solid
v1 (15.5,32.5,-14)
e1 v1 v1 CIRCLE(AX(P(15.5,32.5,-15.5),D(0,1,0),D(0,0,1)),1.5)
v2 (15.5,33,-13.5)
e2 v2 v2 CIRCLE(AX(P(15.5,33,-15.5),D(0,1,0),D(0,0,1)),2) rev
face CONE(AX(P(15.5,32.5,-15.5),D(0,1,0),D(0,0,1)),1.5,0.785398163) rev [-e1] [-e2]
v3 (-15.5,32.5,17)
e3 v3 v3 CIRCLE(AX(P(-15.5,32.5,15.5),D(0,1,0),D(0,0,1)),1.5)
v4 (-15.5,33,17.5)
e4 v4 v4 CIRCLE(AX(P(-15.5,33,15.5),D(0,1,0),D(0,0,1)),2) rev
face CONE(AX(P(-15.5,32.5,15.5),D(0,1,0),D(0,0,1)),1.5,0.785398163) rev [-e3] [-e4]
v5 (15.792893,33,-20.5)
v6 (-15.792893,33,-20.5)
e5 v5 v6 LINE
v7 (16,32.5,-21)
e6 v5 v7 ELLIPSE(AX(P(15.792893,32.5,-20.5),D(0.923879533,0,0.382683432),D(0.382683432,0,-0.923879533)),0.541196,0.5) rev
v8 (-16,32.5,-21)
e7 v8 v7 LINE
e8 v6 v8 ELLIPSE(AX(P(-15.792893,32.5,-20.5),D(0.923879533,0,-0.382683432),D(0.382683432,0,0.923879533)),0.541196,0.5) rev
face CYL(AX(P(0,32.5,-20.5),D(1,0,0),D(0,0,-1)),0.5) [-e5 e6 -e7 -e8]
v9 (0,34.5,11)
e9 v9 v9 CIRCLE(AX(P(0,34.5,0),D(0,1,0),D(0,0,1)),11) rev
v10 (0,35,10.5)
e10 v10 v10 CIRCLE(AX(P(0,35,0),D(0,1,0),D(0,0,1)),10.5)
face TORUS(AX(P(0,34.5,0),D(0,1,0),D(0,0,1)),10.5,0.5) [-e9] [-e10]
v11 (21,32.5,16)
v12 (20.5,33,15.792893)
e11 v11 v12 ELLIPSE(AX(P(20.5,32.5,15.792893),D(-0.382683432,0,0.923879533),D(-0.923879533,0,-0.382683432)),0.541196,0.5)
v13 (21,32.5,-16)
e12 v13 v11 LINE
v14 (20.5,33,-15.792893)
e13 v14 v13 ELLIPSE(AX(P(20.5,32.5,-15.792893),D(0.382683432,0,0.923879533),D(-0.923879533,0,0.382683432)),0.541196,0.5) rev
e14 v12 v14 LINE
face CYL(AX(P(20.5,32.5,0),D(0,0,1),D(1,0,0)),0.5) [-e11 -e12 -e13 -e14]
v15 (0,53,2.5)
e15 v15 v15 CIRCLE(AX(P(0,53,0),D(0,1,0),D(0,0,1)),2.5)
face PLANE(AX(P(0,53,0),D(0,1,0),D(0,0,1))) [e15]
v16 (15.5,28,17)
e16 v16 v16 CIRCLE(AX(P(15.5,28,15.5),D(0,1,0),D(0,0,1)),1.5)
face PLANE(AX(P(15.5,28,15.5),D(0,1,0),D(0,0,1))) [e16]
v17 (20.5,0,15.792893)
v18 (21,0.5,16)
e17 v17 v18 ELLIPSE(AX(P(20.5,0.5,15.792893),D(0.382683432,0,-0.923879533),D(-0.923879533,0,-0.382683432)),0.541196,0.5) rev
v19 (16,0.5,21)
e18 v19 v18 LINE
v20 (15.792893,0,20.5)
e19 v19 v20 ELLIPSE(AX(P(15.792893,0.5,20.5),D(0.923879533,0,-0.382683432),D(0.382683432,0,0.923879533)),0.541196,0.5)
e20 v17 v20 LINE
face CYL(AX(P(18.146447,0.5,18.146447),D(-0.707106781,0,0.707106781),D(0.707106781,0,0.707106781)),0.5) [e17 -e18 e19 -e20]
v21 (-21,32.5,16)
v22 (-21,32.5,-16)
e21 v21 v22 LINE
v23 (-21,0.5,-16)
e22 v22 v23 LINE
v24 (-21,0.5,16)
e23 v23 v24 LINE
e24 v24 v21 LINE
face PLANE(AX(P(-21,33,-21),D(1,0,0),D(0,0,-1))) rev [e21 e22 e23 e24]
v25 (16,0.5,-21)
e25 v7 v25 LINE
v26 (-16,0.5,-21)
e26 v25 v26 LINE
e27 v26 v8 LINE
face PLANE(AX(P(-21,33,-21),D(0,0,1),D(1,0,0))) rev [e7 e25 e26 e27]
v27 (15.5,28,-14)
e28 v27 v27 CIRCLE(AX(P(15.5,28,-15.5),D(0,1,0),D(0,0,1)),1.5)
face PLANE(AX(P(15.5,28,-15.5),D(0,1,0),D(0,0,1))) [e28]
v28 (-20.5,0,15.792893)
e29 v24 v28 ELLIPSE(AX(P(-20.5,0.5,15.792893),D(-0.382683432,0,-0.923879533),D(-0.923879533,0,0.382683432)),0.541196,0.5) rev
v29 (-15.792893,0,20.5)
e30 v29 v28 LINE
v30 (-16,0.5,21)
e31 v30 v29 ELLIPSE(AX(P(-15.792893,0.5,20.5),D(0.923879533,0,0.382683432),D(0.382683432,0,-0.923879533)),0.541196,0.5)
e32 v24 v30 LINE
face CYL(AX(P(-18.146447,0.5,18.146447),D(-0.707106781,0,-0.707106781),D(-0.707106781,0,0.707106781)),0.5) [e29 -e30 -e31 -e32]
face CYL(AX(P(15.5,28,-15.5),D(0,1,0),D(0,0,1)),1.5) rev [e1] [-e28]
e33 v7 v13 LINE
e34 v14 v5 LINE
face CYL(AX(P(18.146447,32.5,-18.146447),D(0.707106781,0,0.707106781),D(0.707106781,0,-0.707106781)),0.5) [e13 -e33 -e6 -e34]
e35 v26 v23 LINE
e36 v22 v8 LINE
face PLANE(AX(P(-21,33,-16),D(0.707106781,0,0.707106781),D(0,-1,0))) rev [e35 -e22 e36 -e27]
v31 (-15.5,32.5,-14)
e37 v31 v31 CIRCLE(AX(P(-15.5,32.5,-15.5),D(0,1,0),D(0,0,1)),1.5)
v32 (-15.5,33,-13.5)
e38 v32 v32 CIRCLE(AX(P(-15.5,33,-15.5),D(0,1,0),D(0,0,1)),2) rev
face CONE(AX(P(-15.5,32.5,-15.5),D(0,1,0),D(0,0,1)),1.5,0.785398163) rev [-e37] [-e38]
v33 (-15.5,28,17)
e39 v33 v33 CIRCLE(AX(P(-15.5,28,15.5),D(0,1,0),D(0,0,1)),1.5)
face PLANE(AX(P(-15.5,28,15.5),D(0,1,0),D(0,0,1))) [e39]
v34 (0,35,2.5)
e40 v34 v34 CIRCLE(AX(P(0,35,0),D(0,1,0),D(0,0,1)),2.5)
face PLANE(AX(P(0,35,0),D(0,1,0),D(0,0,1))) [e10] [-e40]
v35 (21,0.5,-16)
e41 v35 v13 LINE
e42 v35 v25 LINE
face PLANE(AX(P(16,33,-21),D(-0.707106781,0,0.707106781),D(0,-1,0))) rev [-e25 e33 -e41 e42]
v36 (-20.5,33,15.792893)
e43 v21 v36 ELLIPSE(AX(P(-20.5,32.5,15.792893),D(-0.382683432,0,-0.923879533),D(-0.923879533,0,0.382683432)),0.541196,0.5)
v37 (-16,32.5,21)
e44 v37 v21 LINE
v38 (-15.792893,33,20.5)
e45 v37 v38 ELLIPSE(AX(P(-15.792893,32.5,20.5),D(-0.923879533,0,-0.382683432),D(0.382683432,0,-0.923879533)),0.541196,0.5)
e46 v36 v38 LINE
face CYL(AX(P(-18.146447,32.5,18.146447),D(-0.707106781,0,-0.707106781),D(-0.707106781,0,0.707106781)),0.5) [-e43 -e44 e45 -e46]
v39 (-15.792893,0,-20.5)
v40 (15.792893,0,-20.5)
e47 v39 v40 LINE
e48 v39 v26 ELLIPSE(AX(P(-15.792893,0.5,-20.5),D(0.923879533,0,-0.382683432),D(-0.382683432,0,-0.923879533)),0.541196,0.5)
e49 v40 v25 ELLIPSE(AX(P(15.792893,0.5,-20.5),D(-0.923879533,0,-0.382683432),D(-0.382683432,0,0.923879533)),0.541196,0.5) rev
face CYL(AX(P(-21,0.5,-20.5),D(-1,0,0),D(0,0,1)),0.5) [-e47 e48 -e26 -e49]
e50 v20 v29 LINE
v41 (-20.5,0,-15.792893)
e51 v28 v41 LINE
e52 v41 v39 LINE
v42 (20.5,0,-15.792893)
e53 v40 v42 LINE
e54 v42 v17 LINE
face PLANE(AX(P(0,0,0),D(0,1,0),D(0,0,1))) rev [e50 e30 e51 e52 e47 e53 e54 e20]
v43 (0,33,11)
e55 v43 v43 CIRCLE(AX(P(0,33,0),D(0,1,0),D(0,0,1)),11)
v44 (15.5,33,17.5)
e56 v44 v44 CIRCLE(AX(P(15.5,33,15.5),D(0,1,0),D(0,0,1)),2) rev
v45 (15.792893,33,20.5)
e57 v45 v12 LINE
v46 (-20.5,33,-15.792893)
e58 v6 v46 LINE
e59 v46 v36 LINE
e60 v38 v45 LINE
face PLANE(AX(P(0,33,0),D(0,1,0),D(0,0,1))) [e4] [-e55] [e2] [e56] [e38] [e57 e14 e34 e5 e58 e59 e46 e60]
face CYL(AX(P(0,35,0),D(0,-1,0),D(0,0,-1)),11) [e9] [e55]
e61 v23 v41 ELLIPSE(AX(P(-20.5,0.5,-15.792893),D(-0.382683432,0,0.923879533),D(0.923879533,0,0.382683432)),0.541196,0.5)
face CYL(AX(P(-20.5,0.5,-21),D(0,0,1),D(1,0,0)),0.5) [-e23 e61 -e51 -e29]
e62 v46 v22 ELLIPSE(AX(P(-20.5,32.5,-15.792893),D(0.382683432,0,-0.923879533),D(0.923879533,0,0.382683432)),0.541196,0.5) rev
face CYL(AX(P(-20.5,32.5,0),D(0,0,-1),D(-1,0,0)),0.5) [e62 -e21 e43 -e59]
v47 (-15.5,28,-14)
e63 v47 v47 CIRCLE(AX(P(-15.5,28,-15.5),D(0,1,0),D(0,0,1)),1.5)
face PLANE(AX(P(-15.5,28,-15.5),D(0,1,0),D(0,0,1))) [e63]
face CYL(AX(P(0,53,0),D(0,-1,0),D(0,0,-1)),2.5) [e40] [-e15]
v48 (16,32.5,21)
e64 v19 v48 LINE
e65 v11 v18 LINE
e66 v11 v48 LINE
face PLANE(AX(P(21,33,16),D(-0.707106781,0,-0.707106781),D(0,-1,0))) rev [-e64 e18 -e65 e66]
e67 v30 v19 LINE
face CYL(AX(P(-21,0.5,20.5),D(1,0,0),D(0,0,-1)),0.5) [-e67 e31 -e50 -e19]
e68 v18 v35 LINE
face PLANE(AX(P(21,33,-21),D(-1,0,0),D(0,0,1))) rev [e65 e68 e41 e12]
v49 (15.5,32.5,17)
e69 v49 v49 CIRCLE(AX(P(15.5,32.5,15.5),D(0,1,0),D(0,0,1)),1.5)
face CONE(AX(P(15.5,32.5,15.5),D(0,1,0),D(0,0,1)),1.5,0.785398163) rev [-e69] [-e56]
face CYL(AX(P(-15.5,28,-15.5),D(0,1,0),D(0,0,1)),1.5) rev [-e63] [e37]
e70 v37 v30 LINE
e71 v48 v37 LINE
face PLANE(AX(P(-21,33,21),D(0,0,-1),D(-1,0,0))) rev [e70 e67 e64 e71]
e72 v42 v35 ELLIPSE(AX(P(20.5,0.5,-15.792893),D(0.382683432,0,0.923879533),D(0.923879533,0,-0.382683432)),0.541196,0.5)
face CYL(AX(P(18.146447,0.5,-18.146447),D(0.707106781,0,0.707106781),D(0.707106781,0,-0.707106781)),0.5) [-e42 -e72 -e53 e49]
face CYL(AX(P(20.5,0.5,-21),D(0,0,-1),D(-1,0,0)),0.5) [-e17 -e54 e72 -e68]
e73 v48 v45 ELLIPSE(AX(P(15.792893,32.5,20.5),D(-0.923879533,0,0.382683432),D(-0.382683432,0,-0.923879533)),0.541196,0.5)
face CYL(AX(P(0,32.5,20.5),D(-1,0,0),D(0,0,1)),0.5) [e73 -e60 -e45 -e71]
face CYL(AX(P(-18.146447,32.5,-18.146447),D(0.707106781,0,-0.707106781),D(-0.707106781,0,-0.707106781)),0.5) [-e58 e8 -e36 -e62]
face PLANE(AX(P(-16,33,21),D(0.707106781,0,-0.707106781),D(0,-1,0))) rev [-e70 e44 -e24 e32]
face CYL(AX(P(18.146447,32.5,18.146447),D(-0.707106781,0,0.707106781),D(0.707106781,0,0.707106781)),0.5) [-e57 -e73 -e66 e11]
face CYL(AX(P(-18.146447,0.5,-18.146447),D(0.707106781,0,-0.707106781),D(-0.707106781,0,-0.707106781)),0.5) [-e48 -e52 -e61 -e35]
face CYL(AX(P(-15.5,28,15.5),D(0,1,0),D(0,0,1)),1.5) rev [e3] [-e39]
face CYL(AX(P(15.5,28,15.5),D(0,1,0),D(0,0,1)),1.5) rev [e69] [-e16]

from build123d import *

# Parameters (mm, degrees)
SKETCH1_W           = 42
SKETCH1_H           = 42
BOSS_EXTRUDE1_DEPTH = 33
SKETCH2_R           = 11
BOSS_EXTRUDE2_DEPTH = 2
SKETCH3_R           = 2.5
BOSS_EXTRUDE3_DEPTH = 18
SKETCH4_R           = 1.5
CUT_EXTRUDE1_DEPTH  = 5
CHAMFER1_SIZE       = 5
CHAMFER2_SIZE       = 0.5
FILLET1_R           = 0.5
FILLET2_R           = 0.5


with BuildPart() as part:
    # Sketch1 → Boss-Extrude1 (new body)
    with BuildSketch(Plane(origin=(0, 0, 0), x_dir=(1, 0, 0), z_dir=(0, 1, 0))):
        Rectangle(SKETCH1_W, SKETCH1_H)
    extrude(amount=BOSS_EXTRUDE1_DEPTH)

    # Sketch2 → Boss-Extrude2 (add)
    with BuildSketch(Plane(origin=(0, 33, 0), x_dir=(1, 0, 0), z_dir=(0, 1, 0))):
        with Locations(Location((0, 0, 0), (0, 0, 270))):
            Circle(SKETCH2_R)
    extrude(amount=BOSS_EXTRUDE2_DEPTH)

    # Sketch3 → Boss-Extrude3 (add)
    with BuildSketch(Plane(origin=(0, 35, 0), x_dir=(1, 0, 0), z_dir=(0, 1, 0))):
        with Locations(Location((0, 0, 0), (0, 0, 270))):
            Circle(SKETCH3_R)
    extrude(amount=BOSS_EXTRUDE3_DEPTH)

    # Sketch4 → Cut-Extrude1 (cut)
    with BuildSketch(Plane(origin=(0, 33, 0), x_dir=(1, 0, 0), z_dir=(0, 1, 0))):
        with Locations(Location((-15.5, 15.5, 0), (0, 0, 270))):
            Circle(SKETCH4_R)
        with Locations(Location((15.5, 15.5, 0), (0, 0, 270))):
            Circle(SKETCH4_R)
        with Locations(Location((15.5, -15.5, 0), (0, 0, 270))):
            Circle(SKETCH4_R)
        with Locations(Location((-15.5, -15.5, 0), (0, 0, 270))):
            Circle(SKETCH4_R)
    extrude(amount=-CUT_EXTRUDE1_DEPTH, mode=Mode.SUBTRACT)

    # Chamfer1
    chamfer1_edges = [part.edges().sort_by_distance(p)[0] for p in [
        (-21, 16.5, -21),
        (21, 16.5, -21),
        (21, 16.5, 21),
        (-21, 16.5, 21),
    ]]
    chamfer(chamfer1_edges, length=CHAMFER1_SIZE)

    # Chamfer2
    chamfer2_edges = [part.edges().sort_by_distance(p)[0] for p in [
        (-15.5, 33, -17),
        (15.5, 33, -17),
        (15.5, 33, 14),
        (-15.5, 33, 14),
    ]]
    chamfer(chamfer2_edges, length=CHAMFER2_SIZE)

    # Fillet1
    fillet1_edges = [part.edges().sort_by_distance(p)[0] for p in [
        (0, 0, 21),
        (0, 33, 21),
        (-21, 0, 0),
        (0, 0, -21),
        (21, 0, 0),
        (18.5, 0, 18.5),
        (18.5, 0, -18.5),
        (-18.5, 0, -18.5),
        (-18.5, 0, 18.5),
        (-21, 33, 0),
        (21, 33, 0),
        (0, 33, -21),
        (18.5, 33, 18.5),
        (18.5, 33, -18.5),
        (-18.5, 33, -18.5),
        (-18.5, 33, 18.5),
    ]]
    fillet(fillet1_edges, radius=FILLET1_R)

    # Fillet2
    fillet2_edges = [part.edges().sort_by_distance(p)[0] for p in [
        (0, 35, -11),
    ]]
    fillet(fillet2_edges, radius=FILLET2_R)


solid = part.part
